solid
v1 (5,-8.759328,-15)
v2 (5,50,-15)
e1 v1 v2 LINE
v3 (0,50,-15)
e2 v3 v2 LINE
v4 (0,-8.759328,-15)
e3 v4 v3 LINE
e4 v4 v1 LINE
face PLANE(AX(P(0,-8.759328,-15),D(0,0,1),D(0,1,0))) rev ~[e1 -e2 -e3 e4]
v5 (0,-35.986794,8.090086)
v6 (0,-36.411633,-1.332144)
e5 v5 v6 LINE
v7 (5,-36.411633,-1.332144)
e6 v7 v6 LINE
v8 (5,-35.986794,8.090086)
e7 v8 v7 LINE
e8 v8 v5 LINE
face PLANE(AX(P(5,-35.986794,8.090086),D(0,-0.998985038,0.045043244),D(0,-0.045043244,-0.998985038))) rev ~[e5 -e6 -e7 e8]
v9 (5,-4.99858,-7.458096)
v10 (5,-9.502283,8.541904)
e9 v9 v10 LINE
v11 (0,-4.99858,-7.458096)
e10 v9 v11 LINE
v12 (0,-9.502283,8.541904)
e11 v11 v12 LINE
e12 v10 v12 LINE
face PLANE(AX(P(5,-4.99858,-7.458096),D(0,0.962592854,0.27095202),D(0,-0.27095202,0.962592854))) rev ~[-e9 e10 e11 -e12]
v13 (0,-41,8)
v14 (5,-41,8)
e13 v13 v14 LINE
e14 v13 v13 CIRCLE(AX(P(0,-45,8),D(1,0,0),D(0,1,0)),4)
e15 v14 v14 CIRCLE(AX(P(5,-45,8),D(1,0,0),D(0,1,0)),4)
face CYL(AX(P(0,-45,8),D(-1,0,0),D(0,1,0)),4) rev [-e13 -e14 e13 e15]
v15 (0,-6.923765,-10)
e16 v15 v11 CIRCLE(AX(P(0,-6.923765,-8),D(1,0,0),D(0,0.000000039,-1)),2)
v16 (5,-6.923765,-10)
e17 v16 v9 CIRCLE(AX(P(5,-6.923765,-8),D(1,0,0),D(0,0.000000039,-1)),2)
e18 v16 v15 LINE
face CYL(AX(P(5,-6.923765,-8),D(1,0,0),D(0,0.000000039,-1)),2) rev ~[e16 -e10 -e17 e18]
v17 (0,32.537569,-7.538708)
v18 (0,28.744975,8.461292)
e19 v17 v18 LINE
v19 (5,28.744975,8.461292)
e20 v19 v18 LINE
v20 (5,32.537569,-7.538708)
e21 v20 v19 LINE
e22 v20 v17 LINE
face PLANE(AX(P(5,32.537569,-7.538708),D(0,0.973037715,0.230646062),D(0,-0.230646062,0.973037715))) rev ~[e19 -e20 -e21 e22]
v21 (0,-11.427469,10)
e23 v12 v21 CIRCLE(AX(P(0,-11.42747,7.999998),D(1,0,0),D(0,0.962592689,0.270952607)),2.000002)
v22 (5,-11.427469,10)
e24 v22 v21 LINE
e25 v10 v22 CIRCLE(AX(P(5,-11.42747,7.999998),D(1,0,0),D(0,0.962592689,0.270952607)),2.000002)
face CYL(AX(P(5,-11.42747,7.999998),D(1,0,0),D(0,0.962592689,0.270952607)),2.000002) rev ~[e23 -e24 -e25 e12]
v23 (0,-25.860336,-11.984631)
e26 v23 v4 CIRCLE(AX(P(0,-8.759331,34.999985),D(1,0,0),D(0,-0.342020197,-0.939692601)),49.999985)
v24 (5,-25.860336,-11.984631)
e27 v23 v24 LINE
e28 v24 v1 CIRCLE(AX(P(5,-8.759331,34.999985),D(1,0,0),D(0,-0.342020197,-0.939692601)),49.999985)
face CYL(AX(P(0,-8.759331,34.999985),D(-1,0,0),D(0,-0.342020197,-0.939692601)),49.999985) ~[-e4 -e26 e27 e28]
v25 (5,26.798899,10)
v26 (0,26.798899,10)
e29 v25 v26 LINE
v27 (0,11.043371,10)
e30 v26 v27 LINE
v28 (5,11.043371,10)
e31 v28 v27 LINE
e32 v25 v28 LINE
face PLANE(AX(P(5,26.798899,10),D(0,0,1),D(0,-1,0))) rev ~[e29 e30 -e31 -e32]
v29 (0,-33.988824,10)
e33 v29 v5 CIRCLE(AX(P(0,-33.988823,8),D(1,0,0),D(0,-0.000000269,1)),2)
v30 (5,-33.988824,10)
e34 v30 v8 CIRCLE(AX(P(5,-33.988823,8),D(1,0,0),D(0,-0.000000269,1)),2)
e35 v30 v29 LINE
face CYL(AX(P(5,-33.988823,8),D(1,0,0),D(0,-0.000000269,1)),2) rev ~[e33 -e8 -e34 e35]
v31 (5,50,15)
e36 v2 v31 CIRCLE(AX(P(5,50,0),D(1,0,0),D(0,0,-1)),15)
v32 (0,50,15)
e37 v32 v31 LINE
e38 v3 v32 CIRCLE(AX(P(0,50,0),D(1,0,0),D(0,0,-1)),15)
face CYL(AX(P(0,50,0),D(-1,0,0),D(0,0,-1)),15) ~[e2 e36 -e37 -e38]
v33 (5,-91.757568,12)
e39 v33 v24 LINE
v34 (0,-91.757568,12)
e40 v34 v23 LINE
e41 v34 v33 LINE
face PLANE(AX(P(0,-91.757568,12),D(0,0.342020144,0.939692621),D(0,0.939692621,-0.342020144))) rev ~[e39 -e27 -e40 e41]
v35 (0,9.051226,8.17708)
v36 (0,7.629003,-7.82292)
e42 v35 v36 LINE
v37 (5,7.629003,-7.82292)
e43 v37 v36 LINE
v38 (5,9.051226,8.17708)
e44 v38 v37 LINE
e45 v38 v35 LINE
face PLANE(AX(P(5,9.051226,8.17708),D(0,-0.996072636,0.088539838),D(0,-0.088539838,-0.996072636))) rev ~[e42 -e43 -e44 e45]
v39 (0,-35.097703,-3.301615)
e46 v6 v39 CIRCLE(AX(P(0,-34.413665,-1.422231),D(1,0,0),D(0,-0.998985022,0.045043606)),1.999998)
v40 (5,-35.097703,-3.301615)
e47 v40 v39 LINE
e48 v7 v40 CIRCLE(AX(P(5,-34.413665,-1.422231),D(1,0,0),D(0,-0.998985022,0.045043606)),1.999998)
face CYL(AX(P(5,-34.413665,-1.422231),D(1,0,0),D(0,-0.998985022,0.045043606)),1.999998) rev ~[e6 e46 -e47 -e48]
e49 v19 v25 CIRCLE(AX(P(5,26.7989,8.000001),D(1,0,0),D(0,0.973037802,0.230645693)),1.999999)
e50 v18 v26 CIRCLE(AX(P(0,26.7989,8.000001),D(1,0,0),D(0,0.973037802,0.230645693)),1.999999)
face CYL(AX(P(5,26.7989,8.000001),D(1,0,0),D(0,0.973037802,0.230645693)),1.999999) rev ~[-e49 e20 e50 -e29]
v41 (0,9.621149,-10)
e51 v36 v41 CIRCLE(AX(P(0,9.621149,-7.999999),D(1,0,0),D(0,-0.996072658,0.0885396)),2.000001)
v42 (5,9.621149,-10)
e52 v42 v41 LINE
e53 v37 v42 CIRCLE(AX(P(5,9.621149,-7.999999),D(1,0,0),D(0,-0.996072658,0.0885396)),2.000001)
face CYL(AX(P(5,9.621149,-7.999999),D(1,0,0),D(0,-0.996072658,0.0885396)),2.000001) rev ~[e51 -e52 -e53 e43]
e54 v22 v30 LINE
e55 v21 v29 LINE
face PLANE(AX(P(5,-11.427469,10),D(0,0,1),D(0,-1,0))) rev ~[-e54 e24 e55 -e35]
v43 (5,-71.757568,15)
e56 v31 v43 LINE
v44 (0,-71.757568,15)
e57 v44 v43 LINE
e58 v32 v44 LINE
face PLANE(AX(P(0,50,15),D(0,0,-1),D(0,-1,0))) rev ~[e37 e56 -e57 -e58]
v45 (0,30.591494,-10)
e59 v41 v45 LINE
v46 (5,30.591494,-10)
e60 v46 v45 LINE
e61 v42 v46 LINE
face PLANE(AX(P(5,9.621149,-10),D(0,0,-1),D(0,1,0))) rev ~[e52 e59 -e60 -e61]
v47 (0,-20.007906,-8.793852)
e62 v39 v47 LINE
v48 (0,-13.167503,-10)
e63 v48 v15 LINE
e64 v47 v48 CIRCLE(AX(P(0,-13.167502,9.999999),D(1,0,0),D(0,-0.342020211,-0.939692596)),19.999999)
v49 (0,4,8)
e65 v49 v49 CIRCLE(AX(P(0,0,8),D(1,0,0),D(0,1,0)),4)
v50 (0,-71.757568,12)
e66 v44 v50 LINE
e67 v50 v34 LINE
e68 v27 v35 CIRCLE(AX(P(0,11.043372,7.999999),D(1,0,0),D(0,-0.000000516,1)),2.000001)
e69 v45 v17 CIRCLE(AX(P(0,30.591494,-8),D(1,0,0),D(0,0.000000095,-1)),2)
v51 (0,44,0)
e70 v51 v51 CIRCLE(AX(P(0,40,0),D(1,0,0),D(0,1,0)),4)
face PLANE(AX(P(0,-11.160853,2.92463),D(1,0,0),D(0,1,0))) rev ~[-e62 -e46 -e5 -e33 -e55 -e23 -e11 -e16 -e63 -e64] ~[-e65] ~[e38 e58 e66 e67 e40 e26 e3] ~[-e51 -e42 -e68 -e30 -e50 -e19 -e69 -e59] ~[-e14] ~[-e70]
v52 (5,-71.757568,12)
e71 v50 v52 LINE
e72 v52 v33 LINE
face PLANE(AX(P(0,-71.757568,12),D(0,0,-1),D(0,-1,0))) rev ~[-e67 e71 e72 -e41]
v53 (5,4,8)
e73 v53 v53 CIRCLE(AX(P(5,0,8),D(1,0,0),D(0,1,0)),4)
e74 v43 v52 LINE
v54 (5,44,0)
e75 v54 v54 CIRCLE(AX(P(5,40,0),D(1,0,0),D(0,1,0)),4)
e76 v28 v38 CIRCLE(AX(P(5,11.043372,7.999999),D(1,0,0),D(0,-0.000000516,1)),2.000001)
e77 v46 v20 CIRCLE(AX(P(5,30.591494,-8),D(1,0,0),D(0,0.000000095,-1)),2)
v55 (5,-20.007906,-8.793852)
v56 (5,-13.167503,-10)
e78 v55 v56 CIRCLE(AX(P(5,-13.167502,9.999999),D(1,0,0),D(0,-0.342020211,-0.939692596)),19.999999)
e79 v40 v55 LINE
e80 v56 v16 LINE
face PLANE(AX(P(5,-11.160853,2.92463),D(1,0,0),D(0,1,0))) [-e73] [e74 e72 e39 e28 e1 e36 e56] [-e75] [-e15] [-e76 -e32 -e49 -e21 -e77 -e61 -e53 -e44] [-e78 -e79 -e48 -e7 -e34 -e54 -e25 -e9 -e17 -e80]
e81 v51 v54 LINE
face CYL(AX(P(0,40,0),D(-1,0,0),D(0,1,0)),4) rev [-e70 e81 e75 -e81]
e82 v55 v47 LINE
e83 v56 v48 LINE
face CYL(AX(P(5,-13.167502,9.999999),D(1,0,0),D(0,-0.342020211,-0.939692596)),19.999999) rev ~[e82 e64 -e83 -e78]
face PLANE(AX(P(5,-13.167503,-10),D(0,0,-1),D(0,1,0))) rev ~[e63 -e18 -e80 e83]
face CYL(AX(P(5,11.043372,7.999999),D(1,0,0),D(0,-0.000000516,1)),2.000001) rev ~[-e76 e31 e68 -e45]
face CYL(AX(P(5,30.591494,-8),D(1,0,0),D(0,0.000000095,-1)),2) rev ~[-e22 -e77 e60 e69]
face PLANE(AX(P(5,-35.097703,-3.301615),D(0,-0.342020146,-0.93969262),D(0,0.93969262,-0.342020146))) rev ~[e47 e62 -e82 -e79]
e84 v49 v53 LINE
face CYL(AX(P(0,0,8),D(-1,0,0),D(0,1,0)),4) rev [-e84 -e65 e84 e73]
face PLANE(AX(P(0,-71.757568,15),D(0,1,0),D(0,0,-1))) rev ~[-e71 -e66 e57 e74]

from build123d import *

# Parameters (mm, degrees)
F0_R     = 4
F1_DEPTH = 5
F3_DEPTH = 25


with BuildPart() as f1:
    # F0 (on Right) → F1 (new body)
    with BuildSketch(Plane.YZ):
        with BuildLine():
            Line((50, 15), (-71.757568, 15))
            Line((-71.757568, 15), (-71.757568, 12))
            Line((-71.757568, 12), (-91.757568, 12))
            Line((-91.757568, 12), (-25.860336, -11.984631))
            ThreePointArc((-25.860336, -11.984631), (-17.441737, -14.240388), (-8.759328, -15))
            Line((-8.759328, -15), (50, -15))
            ThreePointArc((50, -15), (65, 0), (50, 15))
        make_face()
        with Locations((-45, 8)):
            Circle(F0_R, mode=Mode.SUBTRACT)
        with Locations((40, 0)):
            Circle(F0_R, mode=Mode.SUBTRACT)
        with Locations((0, 8)):
            Circle(F0_R, mode=Mode.SUBTRACT)
    extrude(amount=F1_DEPTH)

    # F2 (on face) → F3 (cut)
    with BuildSketch(Plane.YZ.offset(5)):
        with BuildLine():
            Line((-11.427469, 10), (-33.988824, 10))
            ThreePointArc((-33.988824, 10), (-35.37082, 9.445713), (-35.986794, 8.090086))
            Line((-35.986794, 8.090086), (-36.411633, -1.332144))
            ThreePointArc((-36.411633, -1.332144), (-36.077394, -2.532185), (-35.097703, -3.301615))
            Line((-35.097703, -3.301615), (-20.007906, -8.793852))
            ThreePointArc((-20.007906, -8.793852), (-16.640466, -9.696155), (-13.167503, -10))
            Line((-13.167503, -10), (-6.923765, -10))
            ThreePointArc((-6.923765, -10), (-5.32943, -9.207516), (-4.99858, -7.458096))
            Line((-4.99858, -7.458096), (-9.502283, 8.541904))
            ThreePointArc((-9.502283, 8.541904), (-10.219953, 9.594335), (-11.427469, 10))
        make_face()
        with BuildLine():
            Line((26.798899, 10), (11.043371, 10))
            ThreePointArc((11.043371, 10), (9.693216, 9.475493), (9.051226, 8.17708))
            Line((9.051226, 8.17708), (7.629003, -7.82292))
            ThreePointArc((7.629003, -7.82292), (8.145656, -9.350156), (9.621149, -10))
            Line((9.621149, -10), (30.591494, -10))
            ThreePointArc((30.591494, -10), (32.160344, -9.240447), (32.537569, -7.538708))
            Line((32.537569, -7.538708), (28.744975, 8.461292))
            ThreePointArc((28.744975, 8.461292), (28.039346, 9.568851), (26.798899, 10))
        make_face()
    extrude(amount=-F3_DEPTH, mode=Mode.SUBTRACT)


solid = f1.part
